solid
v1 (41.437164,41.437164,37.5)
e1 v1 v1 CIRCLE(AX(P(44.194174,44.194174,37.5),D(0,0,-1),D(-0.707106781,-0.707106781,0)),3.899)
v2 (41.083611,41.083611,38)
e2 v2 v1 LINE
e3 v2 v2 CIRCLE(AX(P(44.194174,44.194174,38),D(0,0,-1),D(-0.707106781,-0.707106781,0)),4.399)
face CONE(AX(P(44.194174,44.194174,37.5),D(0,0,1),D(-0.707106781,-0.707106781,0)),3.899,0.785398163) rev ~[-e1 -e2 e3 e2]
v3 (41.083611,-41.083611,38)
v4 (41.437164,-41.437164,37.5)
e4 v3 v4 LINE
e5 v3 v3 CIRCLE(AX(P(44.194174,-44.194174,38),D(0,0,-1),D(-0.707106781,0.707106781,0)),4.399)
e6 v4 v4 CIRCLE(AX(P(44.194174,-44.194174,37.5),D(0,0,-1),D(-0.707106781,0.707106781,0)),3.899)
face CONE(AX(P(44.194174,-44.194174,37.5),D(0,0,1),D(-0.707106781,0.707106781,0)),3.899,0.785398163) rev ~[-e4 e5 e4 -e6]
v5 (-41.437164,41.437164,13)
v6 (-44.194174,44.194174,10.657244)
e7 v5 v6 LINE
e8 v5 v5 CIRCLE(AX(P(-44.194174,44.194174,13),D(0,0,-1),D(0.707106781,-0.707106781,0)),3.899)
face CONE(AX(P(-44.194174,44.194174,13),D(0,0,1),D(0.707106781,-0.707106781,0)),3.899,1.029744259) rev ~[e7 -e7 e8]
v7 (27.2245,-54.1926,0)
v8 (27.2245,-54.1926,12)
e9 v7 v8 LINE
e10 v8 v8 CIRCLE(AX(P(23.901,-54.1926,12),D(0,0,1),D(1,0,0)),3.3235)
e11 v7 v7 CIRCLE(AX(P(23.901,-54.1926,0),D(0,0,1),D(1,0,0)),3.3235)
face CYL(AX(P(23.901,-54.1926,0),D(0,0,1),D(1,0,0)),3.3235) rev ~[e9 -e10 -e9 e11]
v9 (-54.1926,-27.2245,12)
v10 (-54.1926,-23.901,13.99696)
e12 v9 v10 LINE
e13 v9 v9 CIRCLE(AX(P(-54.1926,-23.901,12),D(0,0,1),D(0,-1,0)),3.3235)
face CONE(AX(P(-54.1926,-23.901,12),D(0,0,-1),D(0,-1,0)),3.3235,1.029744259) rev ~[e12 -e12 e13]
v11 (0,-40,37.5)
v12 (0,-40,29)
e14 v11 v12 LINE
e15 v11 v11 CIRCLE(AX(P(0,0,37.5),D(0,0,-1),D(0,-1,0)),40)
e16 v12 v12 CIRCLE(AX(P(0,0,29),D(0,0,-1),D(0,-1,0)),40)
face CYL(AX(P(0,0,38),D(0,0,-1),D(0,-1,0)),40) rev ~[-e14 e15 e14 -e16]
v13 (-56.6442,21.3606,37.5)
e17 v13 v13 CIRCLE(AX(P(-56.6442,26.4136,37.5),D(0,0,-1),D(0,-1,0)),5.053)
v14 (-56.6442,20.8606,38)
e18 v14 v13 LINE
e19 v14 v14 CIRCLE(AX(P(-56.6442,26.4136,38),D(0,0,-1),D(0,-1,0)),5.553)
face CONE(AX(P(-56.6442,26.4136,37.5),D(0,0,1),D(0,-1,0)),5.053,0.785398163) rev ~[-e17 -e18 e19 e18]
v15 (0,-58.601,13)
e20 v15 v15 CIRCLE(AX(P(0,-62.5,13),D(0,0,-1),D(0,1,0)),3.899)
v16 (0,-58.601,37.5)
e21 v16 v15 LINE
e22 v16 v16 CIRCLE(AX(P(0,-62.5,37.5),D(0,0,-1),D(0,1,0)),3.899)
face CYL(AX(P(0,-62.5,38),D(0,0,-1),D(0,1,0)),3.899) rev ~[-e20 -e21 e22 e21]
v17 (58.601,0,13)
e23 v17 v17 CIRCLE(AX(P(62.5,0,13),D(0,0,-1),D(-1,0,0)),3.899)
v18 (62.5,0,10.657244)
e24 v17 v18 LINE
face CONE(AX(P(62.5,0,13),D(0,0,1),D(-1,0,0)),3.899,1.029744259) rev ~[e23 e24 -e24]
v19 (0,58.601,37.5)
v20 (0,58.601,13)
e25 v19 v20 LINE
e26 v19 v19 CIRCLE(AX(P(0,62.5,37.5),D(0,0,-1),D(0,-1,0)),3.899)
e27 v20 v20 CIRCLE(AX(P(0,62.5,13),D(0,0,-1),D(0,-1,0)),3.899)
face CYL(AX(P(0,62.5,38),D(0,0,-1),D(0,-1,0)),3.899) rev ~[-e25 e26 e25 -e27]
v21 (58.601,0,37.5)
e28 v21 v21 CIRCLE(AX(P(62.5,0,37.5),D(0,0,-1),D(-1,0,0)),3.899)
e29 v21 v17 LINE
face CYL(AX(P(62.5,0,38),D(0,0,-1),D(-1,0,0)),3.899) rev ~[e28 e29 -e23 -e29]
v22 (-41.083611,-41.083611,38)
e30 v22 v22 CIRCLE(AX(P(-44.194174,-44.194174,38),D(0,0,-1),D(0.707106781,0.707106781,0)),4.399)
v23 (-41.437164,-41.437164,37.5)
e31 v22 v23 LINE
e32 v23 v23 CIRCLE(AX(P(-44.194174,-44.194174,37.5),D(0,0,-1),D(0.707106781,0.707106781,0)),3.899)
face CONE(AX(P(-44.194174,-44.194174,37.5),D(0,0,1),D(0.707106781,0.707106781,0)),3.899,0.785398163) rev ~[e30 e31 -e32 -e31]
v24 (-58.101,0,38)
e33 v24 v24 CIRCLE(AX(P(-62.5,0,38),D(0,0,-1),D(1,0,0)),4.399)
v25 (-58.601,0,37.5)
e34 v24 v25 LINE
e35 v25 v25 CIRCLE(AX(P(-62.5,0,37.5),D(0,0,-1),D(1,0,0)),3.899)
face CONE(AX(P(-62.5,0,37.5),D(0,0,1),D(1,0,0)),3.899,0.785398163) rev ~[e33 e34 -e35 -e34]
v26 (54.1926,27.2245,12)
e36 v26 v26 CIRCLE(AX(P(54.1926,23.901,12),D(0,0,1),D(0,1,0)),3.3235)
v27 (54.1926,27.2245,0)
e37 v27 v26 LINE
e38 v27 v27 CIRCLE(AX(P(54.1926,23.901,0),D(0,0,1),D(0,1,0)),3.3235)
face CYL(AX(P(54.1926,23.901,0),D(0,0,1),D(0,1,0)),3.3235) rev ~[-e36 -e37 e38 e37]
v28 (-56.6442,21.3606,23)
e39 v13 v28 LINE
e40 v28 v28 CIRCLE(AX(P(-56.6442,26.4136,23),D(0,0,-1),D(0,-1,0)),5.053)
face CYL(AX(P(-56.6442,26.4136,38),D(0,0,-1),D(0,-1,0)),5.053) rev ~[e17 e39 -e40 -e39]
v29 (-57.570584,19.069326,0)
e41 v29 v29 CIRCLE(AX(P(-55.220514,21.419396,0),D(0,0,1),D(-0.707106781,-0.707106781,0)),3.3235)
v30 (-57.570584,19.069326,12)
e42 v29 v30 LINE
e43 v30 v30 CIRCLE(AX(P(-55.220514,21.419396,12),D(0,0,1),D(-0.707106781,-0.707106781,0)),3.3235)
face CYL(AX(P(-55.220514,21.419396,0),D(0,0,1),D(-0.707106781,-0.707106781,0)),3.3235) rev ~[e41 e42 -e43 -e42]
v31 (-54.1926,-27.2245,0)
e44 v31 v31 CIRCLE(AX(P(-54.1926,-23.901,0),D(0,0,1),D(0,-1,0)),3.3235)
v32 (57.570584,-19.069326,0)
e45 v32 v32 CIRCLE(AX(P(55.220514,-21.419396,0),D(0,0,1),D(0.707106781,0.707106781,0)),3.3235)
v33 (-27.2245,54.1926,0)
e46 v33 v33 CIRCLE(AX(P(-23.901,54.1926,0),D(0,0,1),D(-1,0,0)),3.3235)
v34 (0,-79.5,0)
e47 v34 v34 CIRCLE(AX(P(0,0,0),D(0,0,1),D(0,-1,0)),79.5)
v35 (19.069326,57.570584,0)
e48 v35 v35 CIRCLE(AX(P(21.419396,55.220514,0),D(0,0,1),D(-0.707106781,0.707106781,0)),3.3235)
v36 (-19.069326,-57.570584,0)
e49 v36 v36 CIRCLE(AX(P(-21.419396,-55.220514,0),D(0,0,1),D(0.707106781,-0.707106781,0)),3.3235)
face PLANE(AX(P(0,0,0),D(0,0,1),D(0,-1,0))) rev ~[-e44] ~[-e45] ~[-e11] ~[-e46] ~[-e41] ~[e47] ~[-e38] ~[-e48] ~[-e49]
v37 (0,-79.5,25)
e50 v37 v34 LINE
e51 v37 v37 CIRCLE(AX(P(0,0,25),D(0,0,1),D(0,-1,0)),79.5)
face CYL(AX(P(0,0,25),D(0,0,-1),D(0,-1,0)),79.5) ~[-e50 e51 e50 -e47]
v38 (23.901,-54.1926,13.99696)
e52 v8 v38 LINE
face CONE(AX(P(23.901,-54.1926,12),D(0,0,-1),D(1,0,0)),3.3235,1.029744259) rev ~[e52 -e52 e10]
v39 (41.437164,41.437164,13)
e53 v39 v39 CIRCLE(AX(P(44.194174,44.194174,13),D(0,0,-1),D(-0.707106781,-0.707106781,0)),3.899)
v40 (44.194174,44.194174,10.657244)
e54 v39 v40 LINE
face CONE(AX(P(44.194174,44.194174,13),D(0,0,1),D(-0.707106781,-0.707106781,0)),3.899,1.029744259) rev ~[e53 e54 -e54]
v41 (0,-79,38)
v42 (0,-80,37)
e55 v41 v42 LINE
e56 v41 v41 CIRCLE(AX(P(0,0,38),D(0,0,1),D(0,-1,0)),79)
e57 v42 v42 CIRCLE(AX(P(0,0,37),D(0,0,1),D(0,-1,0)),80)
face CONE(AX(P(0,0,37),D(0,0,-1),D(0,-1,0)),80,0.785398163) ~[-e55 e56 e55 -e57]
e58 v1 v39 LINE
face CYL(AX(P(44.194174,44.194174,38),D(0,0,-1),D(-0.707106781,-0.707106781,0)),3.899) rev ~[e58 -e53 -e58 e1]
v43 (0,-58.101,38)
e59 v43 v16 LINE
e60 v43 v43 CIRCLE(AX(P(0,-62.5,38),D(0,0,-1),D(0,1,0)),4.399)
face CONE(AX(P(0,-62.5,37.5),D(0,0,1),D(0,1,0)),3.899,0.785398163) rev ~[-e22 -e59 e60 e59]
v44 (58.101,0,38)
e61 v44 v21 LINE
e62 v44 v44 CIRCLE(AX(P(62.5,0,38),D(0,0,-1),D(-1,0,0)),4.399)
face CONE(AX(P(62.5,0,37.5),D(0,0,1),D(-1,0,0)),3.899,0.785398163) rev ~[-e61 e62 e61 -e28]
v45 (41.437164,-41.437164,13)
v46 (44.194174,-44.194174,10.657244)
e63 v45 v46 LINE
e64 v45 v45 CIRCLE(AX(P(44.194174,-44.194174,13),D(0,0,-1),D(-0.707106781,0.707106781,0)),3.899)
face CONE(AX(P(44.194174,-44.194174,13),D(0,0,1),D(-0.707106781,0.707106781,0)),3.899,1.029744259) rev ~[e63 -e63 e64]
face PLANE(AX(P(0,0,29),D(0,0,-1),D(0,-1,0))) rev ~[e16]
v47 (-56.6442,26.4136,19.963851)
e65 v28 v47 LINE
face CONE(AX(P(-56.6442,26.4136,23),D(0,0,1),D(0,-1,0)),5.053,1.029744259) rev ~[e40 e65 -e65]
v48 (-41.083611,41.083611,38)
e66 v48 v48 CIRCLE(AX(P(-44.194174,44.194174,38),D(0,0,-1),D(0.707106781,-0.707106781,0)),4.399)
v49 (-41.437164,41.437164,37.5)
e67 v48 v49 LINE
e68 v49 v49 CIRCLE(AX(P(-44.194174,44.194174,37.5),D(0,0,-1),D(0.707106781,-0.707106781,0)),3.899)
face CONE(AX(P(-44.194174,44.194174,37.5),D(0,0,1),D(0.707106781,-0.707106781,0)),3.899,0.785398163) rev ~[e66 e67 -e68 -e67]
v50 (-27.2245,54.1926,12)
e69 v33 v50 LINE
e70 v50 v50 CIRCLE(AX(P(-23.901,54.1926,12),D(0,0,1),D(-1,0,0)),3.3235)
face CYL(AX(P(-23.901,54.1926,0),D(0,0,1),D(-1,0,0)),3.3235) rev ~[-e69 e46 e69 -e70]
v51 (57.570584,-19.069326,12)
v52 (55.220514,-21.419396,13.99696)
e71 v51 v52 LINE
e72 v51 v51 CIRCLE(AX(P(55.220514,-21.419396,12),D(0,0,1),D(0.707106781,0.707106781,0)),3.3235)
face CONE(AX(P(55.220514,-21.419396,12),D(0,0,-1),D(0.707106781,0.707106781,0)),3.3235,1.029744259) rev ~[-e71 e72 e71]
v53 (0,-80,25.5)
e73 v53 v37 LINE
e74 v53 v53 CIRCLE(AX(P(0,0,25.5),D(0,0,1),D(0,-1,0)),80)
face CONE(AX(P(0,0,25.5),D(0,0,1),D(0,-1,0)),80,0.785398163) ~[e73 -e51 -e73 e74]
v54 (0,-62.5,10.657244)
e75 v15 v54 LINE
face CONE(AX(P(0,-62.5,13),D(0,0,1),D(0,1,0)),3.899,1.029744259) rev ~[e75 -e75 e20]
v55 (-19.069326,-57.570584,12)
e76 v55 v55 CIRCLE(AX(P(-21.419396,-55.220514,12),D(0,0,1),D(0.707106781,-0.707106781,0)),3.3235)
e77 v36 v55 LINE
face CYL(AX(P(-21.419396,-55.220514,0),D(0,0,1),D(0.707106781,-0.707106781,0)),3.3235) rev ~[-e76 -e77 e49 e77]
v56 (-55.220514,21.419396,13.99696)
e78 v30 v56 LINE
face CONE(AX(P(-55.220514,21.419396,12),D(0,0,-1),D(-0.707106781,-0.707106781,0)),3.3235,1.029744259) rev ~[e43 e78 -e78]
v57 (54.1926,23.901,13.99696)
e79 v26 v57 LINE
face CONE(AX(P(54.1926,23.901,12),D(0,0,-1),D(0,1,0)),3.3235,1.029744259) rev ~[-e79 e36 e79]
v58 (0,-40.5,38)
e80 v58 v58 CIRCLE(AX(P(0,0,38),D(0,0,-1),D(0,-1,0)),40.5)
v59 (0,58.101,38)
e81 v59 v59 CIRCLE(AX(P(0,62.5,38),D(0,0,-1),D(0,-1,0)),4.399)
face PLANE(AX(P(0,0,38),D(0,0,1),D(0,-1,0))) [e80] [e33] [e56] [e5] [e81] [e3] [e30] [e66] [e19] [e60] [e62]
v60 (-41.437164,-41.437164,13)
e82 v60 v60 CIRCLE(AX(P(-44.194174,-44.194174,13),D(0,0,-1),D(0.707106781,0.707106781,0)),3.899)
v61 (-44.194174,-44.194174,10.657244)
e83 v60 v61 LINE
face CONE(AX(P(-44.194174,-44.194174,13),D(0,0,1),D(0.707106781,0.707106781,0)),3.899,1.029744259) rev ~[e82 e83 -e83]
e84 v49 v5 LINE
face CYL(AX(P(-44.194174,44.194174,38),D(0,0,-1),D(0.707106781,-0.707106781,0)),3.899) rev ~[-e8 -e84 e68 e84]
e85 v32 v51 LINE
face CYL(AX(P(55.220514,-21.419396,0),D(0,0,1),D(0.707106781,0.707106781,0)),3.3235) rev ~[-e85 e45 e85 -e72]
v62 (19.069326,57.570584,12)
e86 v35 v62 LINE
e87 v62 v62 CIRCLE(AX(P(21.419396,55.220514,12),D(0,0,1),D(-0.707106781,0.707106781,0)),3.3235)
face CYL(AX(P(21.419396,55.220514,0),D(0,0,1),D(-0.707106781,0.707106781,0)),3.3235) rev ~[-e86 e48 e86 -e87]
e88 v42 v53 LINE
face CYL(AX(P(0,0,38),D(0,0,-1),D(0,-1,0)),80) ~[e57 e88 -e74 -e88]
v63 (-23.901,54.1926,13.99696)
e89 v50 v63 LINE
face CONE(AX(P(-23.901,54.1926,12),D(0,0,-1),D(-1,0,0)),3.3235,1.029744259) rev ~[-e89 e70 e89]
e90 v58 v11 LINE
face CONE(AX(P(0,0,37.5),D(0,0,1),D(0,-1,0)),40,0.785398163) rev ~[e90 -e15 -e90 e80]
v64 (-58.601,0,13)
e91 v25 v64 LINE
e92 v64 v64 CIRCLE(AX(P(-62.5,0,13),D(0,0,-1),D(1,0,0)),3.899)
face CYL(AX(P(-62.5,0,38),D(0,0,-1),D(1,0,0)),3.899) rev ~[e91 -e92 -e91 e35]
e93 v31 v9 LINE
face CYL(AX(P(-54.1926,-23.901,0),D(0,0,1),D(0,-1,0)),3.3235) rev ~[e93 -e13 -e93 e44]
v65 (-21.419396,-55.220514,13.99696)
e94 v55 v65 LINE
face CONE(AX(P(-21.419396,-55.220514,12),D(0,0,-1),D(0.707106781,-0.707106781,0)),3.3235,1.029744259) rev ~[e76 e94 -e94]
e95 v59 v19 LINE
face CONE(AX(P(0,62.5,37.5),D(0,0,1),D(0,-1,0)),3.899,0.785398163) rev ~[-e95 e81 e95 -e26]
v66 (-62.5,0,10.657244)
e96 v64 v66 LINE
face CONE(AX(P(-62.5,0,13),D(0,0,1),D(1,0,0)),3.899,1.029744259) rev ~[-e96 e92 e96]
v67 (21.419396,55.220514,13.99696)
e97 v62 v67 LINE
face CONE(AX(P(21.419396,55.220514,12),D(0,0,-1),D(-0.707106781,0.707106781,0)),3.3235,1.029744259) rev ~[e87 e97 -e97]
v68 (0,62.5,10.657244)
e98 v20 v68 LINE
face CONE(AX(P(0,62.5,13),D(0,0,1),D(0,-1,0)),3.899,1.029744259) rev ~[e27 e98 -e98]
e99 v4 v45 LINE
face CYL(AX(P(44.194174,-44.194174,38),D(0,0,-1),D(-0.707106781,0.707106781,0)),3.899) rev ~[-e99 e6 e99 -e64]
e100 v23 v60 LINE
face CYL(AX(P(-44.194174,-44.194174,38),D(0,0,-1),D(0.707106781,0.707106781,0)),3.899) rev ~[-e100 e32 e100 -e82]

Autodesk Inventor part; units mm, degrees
ref_plane "YZ Plane" through (0, 0, 0) normal (1, 0, 0) x (0, 1, 0)
ref_plane "XZ Plane" through (0, 0, 0) normal (0, 1, 0) x (-1, 0, 0)
ref_plane "XY Plane" through (0, 0, 0) normal (0, 0, 1) x (1, 0, 0)
sketch "Sketch2" plane through (0, 0, 0) normal (1, 0, 0) x (0, 1, 0)
  line L0 (-80, 38) -> (0, 38)
  line L1 (-80, 38) -> (-80, 25.5)
  line L2 (-80, 25.5) -> (-79.5, 25)
  line L3 (-79.5, 25) -> (-79.5, 0)
  line L4 (-79.5, 0) -> (0, 0)
  line L5 (0, 38) -> (0, 0)
  line L6 (0, 0) -> (0, 10)
revolve "Revolve1" add sketch "Sketch2" angle 360 about axis through (0, 0, 0) along (0, 0, 1)
sketch "Sketch4" plane through (0, 0, 38) normal (0, 0, 1) x (1, 0, 0)
  circle A0 centre (0, 0) radius 80
  circle A1 centre (0, 0) radius 62.5 construction
  circle A2 centre (0, 0) radius 80 projected
  point P0 (0, 62.5)
  dimension "d12" = 125
hole "Hole2" at (0, 62.5, 38) direction (0, 0, -1) diameter 7.798 depth 25 tip angle 118 thread size "3/8-16 UNC" class "1B" standard "ANSI Unified Screw Threads"
pattern_circular "Circular Pattern1" count 8 over 360 about axis through (0, 0, 31.75) along (0, 0, 1) of "Hole2"
chamfer "Chamfer1" distance 1 angle 45 1 edges at (0, 80, 38)
sketch "Sketch3" plane through (0, 0, 38) normal (0, 0, 1) x (1, 0, 0)
  point P0 (0, 0)
hole "Hole1" at (0, 0, 38) direction (0, 0, -1) diameter 80 depth 9
chamfer "Chamfer2" distance 0.5 angle 45 9 edges at (-46.9512, 46.9512, 38) (-66.399, 0, 38) (-46.9512, -46.9512, 38) (0, -66.399, 38) (46.9512, -46.9512, 38) (66.399, 0, 38) (46.9512, 46.9512, 38) (0, 66.399, 38) (0, 40, 38)
sketch "Sketch5" plane through (0, 0, 38) normal (0, 0, 1) x (1, 0, 0)
  circle A0 centre (-44.1942, 44.1942) radius 4.399 projected
  circle A1 centre (0, 0) radius 40.5 projected
  circle A2 centre (0, 62.5) radius 4.399 projected
  circle A3 centre (-62.5, 0) radius 4.399 projected
  arc A4 (-44.1942, 44.1942) -> (-62.5, 0) centre (0, 0) ccw construction
  line L0 (0, 0) -> (0, 62.5) construction
  line L1 (0, 0) -> (-56.6442, 26.4136) construction
  dimension "d25" = 65
hole "Hole3" at (-56.6442, 26.4136, 38) direction (0, 0, -1) diameter 10.106 depth 15 tip angle 118 thread size "M12x1.75" class "6H" standard "ANSI Metric M Profile"
chamfer "Chamfer3" distance 0.5 angle 45 1 edges at (-56.6442, 31.4666, 38)
sketch "Sketch6" plane through (0, 0, 0) normal (0, 0, -1) x (-1, 0, 0)
  circle A0 centre (0, 0) radius 79.5 projected
  circle A1 centre (0, 0) radius 59.2292
  point P0 (-54.1926, 23.901)
hole "Hole4" at (54.1926, 23.901, 0) direction (0, 0, 1) diameter 6.647 depth 12 tip angle 118 thread size "M8x1.25" class "6H" standard "ISO Metric profile"
pattern_circular "Circular Pattern2" count 8 over 360 about axis through (0, 0, 12.5) along (0, 0, 1) of "Hole4"
properties part number "100022" material "STEEL - HIGH GRADE ALLOY, BLACK OXIDE FINISH"
